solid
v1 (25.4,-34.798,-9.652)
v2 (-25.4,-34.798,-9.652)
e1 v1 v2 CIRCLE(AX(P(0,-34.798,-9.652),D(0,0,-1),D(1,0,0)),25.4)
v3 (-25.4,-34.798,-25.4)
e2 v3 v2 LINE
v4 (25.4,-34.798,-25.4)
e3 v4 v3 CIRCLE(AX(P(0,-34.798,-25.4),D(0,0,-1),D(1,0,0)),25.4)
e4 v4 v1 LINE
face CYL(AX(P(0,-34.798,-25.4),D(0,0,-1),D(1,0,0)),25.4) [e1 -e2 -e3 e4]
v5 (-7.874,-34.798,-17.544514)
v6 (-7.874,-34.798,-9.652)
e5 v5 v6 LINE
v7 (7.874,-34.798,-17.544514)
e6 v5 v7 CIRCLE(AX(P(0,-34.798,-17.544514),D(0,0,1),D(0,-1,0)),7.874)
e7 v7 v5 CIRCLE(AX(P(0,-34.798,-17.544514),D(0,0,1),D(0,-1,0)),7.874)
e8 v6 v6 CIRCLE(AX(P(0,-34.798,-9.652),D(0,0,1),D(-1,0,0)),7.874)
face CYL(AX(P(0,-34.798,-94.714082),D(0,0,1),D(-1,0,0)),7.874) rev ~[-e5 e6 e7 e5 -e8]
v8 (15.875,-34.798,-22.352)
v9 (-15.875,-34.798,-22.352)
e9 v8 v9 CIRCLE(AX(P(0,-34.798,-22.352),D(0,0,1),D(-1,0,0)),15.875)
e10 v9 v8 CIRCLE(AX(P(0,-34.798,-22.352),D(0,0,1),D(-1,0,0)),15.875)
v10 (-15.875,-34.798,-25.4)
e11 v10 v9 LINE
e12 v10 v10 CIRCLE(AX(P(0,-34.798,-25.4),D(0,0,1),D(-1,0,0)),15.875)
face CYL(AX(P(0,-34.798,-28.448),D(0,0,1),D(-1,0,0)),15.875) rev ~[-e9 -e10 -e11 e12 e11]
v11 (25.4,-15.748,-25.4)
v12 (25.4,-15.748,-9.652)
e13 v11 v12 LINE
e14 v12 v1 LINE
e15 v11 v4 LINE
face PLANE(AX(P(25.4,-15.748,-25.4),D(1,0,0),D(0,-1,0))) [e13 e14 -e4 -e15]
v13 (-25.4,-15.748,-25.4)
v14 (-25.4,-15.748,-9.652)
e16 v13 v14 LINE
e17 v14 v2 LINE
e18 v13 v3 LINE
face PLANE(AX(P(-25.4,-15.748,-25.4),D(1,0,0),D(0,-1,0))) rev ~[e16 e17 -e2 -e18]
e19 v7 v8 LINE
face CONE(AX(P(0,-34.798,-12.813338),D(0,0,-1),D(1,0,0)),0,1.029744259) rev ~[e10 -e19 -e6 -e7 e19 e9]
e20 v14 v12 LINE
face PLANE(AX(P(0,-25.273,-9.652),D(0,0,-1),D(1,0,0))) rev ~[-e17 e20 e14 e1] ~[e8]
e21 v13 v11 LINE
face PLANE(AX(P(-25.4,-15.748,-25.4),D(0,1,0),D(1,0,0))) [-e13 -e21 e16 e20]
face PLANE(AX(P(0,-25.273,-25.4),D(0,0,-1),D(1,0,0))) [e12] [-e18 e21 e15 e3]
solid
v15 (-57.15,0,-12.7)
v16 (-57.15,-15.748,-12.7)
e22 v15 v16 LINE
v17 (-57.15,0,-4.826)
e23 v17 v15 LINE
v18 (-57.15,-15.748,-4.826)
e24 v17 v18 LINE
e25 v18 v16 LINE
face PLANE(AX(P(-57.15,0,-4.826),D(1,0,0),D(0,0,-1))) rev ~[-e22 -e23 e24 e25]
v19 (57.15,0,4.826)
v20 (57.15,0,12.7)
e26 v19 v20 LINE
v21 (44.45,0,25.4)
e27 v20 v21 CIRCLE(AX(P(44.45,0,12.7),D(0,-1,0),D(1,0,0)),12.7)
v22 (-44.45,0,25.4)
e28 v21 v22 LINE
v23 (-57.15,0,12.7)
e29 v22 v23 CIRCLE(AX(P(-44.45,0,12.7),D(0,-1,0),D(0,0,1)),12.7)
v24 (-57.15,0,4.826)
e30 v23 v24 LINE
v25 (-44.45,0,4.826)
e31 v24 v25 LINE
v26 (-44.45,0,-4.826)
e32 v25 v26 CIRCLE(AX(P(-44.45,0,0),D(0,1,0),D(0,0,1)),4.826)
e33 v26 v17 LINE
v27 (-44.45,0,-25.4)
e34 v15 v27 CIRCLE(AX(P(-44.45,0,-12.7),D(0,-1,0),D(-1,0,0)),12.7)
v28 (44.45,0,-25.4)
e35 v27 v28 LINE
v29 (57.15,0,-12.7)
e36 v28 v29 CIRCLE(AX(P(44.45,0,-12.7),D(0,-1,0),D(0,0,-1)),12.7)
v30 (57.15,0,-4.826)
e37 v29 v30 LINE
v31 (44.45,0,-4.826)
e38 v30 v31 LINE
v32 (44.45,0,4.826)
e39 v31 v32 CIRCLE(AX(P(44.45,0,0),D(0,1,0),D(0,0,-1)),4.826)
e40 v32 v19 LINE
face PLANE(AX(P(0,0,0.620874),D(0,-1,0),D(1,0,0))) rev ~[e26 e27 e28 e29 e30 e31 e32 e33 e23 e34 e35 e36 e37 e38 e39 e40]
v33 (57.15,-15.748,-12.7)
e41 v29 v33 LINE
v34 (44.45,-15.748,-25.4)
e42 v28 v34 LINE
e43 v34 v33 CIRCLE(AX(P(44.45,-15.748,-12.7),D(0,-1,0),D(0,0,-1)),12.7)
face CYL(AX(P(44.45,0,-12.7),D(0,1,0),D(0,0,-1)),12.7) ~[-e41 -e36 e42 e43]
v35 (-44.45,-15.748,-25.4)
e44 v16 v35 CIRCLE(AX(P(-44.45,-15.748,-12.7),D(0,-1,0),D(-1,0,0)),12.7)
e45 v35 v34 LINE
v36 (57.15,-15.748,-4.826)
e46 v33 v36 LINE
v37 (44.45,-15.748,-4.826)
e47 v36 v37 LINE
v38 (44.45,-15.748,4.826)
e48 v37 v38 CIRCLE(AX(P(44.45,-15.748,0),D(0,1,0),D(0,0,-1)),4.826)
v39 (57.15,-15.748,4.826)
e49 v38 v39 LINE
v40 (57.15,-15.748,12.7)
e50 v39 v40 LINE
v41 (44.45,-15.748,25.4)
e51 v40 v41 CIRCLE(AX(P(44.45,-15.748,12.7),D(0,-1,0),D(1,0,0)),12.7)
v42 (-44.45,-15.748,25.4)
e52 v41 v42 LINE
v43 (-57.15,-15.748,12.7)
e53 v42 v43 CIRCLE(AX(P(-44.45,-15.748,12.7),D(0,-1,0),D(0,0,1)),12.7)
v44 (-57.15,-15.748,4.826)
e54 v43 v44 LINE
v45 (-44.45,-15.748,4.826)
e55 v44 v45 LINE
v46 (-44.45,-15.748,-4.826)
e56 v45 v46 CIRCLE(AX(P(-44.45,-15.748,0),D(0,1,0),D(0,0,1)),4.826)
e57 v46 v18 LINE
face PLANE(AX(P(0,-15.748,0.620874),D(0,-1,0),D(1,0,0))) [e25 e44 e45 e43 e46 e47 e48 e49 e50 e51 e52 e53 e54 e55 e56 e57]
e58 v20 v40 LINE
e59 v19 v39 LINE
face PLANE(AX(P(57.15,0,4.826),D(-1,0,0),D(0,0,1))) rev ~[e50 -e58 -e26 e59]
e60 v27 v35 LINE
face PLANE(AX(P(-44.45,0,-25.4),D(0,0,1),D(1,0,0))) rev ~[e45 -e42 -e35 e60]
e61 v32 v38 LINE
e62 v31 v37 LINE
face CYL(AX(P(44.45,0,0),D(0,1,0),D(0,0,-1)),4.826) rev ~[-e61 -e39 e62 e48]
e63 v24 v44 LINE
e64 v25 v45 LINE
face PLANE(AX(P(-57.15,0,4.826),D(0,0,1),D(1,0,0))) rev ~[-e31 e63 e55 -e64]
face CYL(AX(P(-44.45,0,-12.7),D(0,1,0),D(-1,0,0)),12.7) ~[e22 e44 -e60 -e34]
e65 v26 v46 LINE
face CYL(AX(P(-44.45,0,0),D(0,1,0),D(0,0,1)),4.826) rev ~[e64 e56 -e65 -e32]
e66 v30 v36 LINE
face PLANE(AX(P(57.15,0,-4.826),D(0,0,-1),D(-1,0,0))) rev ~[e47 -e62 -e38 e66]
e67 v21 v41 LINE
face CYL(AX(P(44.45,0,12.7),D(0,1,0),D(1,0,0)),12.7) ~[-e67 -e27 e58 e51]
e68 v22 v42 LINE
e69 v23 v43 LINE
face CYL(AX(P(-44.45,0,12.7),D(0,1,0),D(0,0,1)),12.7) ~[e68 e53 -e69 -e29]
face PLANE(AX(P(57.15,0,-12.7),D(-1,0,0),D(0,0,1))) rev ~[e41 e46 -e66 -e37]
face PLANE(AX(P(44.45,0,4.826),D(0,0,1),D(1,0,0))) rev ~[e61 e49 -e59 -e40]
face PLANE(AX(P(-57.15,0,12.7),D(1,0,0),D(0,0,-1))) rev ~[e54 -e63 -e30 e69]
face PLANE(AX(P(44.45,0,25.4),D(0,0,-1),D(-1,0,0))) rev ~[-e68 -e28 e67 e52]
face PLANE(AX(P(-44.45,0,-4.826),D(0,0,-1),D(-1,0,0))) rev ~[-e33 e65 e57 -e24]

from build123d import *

# Parameters (mm, degrees)
F0_W     = 50.8
F0_H     = 15.748
F1_DEPTH = 15.748
F2_W     = 50.8
F2_H     = 19.05
F3_DEPTH = 15.748
F5_D     = 15.748
F7_D     = 31.75
F7_DEPTH = 3.048
F7_TIP   = 9.5386623271


with BuildPart() as f1:
    # F0 (on Front) → F1 (new body)
    with BuildSketch(Plane.XZ):
        with BuildLine():
            Line((44.45, 25.4), (-44.45, 25.4))
            ThreePointArc((-44.45, 25.4), (-53.4302561211, 21.6802561211), (-57.15, 12.7))
            Line((-57.15, 12.7), (-57.15, 4.826))
            Line((-57.15, 4.826), (-44.45, 4.826))
            ThreePointArc((-44.45, 4.826), (-39.624, 0), (-44.45, -4.826))
            Line((-44.45, -4.826), (-57.15, -4.826))
            Line((-57.15, -4.826), (-57.15, -12.7))
            ThreePointArc((-57.15, -12.7), (-53.4302561211, -21.6802561211), (-44.45, -25.4))
            Line((-44.45, -25.4), (-25.4, -25.4))
            Line((-25.4, -25.4), (-25.4, -9.652))
            Line((-25.4, -9.652), (25.4, -9.652))
            Line((25.4, -9.652), (25.4, -25.4))
            Line((25.4, -25.4), (44.45, -25.4))
            ThreePointArc((44.45, -25.4), (53.4302561211, -21.6802561211), (57.15, -12.7))
            Line((57.15, -12.7), (57.15, -4.826))
            Line((57.15, -4.826), (44.45, -4.826))
            ThreePointArc((44.45, -4.826), (39.624, 0), (44.45, 4.826))
            Line((44.45, 4.826), (57.15, 4.826))
            Line((57.15, 4.826), (57.15, 12.7))
            ThreePointArc((57.15, 12.7), (53.4302561211, 21.6802561211), (44.45, 25.4))
        make_face()
        with Locations((0, -17.526)):
            Rectangle(F0_W, F0_H)
    extrude(amount=F1_DEPTH)


with BuildPart() as f3:
    # F2 (on face) → F3 (new body)
    with BuildSketch(Plane(origin=(0, 0, -25.4), x_dir=(1, 0, 0), z_dir=(0, 0, -1))):
        with Locations((0, 25.273)):
            Rectangle(F2_W, F2_H)
        with BuildLine():
            ThreePointArc((25.4, 34.798), (0, 60.198), (-25.4, 34.798))
            Line((-25.4, 34.798), (25.4, 34.798))
        make_face()
    extrude(amount=-F3_DEPTH)

    # F5 (through all)
    with Locations(Plane(origin=(0, 0, -25.4), x_dir=(1, 0, 0), z_dir=(0, 0, -1))):
        with Locations((0, 34.798)):
            Hole(F5_D / 2)

    # F7
    with Locations(Plane(origin=(0, 0, -25.4), x_dir=(1, 0, 0), z_dir=(0, 0, -1))):
        with Locations((0, 34.798)):
            Hole(F7_D / 2, depth=F7_DEPTH)
            with Locations((0, 0, -(F7_DEPTH + F7_TIP / 2))):  # 118° drill point
                Cone(0, F7_D / 2, F7_TIP, mode=Mode.SUBTRACT)


solid = Compound([f1.part, f3.part])
